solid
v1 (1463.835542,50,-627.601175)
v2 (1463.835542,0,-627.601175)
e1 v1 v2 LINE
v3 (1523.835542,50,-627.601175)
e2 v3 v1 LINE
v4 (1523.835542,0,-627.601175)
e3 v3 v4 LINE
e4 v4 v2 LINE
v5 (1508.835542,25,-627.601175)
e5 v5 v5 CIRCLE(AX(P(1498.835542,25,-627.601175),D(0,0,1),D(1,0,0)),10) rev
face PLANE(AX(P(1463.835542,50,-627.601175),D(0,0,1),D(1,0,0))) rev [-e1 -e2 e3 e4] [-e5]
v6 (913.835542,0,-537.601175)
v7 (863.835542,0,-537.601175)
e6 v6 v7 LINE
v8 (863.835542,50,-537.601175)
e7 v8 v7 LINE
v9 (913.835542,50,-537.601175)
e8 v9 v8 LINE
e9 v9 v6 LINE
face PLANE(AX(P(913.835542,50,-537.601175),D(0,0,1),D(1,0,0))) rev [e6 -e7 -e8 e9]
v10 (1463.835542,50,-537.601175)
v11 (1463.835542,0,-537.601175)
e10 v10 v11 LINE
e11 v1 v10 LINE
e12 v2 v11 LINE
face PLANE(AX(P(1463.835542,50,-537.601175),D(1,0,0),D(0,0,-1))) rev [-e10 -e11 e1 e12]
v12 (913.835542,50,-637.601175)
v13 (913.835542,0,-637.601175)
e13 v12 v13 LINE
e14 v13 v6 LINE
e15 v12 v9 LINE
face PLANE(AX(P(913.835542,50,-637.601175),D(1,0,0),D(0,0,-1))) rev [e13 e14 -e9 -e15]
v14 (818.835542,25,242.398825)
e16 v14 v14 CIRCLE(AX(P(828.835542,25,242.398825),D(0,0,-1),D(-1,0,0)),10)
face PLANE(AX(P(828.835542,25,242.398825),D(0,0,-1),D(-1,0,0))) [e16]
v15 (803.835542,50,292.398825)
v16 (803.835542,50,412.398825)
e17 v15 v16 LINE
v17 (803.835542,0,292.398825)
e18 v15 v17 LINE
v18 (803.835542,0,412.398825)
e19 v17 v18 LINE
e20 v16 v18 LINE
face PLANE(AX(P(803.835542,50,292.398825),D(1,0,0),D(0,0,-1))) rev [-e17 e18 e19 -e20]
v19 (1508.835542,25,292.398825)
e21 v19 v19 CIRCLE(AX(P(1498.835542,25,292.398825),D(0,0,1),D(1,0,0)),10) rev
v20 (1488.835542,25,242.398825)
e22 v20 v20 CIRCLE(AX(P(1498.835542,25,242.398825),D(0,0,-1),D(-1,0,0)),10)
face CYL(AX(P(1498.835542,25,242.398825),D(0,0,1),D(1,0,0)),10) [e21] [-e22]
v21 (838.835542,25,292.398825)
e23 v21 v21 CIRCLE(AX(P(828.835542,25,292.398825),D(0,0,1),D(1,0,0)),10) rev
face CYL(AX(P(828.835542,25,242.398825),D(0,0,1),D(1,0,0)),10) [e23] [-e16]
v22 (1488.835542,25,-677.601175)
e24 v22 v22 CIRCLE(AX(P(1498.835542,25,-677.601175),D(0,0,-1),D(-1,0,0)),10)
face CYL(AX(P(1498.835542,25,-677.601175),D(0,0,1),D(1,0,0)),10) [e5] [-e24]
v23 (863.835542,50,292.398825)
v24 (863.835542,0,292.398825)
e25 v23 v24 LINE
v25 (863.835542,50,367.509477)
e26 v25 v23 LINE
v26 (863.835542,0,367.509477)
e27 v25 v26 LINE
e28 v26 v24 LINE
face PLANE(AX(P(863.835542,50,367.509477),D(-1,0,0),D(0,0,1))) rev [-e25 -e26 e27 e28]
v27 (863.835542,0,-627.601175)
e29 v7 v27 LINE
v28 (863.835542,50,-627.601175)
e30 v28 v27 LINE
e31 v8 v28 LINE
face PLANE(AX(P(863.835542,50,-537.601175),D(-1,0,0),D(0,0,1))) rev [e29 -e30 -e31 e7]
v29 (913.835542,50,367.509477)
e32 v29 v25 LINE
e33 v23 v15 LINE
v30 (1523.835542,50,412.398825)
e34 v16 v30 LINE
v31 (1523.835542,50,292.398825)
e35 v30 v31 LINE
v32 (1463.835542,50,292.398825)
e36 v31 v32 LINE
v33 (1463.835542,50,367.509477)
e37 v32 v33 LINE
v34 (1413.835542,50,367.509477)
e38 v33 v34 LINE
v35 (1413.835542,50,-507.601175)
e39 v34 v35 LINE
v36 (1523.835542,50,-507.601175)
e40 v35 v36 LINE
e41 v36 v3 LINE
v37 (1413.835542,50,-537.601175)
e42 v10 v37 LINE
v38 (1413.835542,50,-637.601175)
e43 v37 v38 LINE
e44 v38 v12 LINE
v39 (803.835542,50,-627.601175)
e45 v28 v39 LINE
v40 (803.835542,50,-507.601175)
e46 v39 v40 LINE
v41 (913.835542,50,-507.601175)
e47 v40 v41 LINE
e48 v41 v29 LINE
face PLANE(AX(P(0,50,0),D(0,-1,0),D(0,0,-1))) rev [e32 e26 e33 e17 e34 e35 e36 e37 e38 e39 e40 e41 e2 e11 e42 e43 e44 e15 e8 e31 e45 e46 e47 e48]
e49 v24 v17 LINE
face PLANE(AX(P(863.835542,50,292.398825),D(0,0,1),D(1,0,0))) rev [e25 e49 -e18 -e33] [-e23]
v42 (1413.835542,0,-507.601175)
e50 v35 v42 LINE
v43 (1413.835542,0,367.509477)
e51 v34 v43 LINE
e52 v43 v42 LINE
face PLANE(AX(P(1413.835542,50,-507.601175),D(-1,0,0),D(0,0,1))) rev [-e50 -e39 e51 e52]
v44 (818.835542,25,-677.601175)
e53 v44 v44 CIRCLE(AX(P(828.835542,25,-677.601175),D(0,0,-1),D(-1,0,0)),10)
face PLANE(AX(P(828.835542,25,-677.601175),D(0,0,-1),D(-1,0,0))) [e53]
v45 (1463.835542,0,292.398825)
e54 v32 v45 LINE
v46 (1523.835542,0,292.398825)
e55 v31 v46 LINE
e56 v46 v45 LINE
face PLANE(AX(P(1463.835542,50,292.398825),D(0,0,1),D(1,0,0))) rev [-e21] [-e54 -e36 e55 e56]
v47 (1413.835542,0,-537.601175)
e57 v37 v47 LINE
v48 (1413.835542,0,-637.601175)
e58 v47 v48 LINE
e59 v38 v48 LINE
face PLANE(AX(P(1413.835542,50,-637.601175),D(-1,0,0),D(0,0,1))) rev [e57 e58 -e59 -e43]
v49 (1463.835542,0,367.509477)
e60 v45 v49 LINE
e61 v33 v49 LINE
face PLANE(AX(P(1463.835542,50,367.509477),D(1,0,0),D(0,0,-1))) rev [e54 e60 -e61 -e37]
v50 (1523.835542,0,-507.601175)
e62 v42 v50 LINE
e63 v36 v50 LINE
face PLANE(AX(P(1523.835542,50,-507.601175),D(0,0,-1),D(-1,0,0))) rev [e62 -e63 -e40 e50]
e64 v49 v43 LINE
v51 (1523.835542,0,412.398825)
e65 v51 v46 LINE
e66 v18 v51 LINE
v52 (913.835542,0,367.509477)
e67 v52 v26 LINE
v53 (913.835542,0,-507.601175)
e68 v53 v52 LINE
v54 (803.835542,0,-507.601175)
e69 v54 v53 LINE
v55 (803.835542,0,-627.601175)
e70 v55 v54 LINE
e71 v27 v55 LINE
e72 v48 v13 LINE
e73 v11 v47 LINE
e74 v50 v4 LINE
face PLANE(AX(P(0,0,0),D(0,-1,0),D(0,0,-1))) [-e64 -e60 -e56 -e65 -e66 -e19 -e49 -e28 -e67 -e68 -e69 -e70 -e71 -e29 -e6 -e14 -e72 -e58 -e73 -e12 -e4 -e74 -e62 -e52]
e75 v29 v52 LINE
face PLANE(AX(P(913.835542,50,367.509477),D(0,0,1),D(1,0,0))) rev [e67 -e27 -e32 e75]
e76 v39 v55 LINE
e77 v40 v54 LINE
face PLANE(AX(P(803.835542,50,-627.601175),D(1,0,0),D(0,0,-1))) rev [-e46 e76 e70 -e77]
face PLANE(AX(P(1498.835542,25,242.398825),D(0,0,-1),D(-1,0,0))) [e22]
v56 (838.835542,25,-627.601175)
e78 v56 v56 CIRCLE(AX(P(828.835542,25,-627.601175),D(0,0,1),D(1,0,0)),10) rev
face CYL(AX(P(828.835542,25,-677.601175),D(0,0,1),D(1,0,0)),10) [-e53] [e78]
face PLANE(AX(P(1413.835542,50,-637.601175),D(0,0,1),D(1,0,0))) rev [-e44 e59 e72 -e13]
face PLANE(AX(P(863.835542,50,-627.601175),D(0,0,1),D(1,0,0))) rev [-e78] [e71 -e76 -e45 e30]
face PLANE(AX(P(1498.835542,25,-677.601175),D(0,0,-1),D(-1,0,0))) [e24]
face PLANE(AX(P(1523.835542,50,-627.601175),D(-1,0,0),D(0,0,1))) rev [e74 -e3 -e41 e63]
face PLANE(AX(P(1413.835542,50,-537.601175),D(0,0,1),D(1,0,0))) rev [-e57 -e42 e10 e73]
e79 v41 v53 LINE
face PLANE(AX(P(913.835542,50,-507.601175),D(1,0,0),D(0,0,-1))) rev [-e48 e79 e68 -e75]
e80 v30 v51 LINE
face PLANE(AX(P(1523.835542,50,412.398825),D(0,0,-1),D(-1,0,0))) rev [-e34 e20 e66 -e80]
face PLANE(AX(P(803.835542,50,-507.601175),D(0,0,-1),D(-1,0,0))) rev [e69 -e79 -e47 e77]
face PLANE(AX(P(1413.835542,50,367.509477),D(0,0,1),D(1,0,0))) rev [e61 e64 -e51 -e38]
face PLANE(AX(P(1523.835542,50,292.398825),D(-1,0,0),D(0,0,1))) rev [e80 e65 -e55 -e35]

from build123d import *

# Parameters (mm, degrees)
BOSS_EXTRUDE1_DEPTH = 50
SKETCH2_R           = 10
BOSS_EXTRUDE2_DEPTH = 50
SKETCH3_R           = 10
BOSS_EXTRUDE3_DEPTH = 50
SKETCH4_R           = 10
BOSS_EXTRUDE4_DEPTH = 50
SKETCH5_R           = 10
BOSS_EXTRUDE5_DEPTH = 50


with BuildPart() as part:
    # Sketch1 → Boss-Extrude1 (new body)
    with BuildSketch(Plane(origin=(0, 0, 0), x_dir=(1, 0, 0), z_dir=(0, 1, 0))):
        Polygon((1413.835542094, 637.601174935), (1413.835542094, 537.601174935), (1463.835542094, 537.601174935), (1463.835542094, 627.601174935), (1523.835542094, 627.601174935), (1523.835542094, 507.601174935), (1413.835542094, 507.601174935), (1413.835542094, -367.509476585), (1463.835542094, -367.509476585), (1463.835542094, -292.398825065), (1523.835542094, -292.398825065), (1523.835542094, -412.398825065), (1413.835542094, -412.398825065), (913.835542094, -412.398825065), (803.835542094, -412.398825065), (803.835542094, -292.398825065), (863.835542094, -292.398825065), (863.835542094, -367.509476585), (913.835542094, -367.509476585), (913.835542094, 507.601174935), (803.835542094, 507.601174935), (803.835542094, 627.601174935), (863.835542094, 627.601174935), (863.835542094, 537.601174935), (913.835542094, 537.601174935), (913.835542094, 637.601174935), align=None)
    extrude(amount=BOSS_EXTRUDE1_DEPTH)

    # Sketch2 → Boss-Extrude2 (add)
    with BuildSketch(Plane(origin=(0, 0, -627.601174935), x_dir=(-1, 0, 0), z_dir=(0, 0, -1))):
        with Locations(Location((-828.835542094, 25, 0), (0, 0, 180))):
            Circle(SKETCH2_R)
    extrude(amount=BOSS_EXTRUDE2_DEPTH)

    # Sketch3 → Boss-Extrude3 (add)
    with BuildSketch(Plane(origin=(0, 0, 292.398825065), x_dir=(-1, 0, 0), z_dir=(0, 0, -1))):
        with Locations(Location((-828.835542094, 25, 0), (0, 0, 180))):
            Circle(SKETCH3_R)
    extrude(amount=BOSS_EXTRUDE3_DEPTH)

    # Sketch4 → Boss-Extrude4 (add)
    with BuildSketch(Plane(origin=(0, 0, -627.601174935), x_dir=(-1, 0, 0), z_dir=(0, 0, -1))):
        with Locations(Location((-1498.835542094, 25, 0), (0, 0, 180))):
            Circle(SKETCH4_R)
    extrude(amount=BOSS_EXTRUDE4_DEPTH)

    # Sketch5 → Boss-Extrude5 (add)
    with BuildSketch(Plane(origin=(0, 0, 292.398825065), x_dir=(-1, 0, 0), z_dir=(0, 0, -1))):
        with Locations(Location((-1498.835542094, 25, 0), (0, 0, 180))):
            Circle(SKETCH5_R)
    extrude(amount=BOSS_EXTRUDE5_DEPTH)


solid = part.part
